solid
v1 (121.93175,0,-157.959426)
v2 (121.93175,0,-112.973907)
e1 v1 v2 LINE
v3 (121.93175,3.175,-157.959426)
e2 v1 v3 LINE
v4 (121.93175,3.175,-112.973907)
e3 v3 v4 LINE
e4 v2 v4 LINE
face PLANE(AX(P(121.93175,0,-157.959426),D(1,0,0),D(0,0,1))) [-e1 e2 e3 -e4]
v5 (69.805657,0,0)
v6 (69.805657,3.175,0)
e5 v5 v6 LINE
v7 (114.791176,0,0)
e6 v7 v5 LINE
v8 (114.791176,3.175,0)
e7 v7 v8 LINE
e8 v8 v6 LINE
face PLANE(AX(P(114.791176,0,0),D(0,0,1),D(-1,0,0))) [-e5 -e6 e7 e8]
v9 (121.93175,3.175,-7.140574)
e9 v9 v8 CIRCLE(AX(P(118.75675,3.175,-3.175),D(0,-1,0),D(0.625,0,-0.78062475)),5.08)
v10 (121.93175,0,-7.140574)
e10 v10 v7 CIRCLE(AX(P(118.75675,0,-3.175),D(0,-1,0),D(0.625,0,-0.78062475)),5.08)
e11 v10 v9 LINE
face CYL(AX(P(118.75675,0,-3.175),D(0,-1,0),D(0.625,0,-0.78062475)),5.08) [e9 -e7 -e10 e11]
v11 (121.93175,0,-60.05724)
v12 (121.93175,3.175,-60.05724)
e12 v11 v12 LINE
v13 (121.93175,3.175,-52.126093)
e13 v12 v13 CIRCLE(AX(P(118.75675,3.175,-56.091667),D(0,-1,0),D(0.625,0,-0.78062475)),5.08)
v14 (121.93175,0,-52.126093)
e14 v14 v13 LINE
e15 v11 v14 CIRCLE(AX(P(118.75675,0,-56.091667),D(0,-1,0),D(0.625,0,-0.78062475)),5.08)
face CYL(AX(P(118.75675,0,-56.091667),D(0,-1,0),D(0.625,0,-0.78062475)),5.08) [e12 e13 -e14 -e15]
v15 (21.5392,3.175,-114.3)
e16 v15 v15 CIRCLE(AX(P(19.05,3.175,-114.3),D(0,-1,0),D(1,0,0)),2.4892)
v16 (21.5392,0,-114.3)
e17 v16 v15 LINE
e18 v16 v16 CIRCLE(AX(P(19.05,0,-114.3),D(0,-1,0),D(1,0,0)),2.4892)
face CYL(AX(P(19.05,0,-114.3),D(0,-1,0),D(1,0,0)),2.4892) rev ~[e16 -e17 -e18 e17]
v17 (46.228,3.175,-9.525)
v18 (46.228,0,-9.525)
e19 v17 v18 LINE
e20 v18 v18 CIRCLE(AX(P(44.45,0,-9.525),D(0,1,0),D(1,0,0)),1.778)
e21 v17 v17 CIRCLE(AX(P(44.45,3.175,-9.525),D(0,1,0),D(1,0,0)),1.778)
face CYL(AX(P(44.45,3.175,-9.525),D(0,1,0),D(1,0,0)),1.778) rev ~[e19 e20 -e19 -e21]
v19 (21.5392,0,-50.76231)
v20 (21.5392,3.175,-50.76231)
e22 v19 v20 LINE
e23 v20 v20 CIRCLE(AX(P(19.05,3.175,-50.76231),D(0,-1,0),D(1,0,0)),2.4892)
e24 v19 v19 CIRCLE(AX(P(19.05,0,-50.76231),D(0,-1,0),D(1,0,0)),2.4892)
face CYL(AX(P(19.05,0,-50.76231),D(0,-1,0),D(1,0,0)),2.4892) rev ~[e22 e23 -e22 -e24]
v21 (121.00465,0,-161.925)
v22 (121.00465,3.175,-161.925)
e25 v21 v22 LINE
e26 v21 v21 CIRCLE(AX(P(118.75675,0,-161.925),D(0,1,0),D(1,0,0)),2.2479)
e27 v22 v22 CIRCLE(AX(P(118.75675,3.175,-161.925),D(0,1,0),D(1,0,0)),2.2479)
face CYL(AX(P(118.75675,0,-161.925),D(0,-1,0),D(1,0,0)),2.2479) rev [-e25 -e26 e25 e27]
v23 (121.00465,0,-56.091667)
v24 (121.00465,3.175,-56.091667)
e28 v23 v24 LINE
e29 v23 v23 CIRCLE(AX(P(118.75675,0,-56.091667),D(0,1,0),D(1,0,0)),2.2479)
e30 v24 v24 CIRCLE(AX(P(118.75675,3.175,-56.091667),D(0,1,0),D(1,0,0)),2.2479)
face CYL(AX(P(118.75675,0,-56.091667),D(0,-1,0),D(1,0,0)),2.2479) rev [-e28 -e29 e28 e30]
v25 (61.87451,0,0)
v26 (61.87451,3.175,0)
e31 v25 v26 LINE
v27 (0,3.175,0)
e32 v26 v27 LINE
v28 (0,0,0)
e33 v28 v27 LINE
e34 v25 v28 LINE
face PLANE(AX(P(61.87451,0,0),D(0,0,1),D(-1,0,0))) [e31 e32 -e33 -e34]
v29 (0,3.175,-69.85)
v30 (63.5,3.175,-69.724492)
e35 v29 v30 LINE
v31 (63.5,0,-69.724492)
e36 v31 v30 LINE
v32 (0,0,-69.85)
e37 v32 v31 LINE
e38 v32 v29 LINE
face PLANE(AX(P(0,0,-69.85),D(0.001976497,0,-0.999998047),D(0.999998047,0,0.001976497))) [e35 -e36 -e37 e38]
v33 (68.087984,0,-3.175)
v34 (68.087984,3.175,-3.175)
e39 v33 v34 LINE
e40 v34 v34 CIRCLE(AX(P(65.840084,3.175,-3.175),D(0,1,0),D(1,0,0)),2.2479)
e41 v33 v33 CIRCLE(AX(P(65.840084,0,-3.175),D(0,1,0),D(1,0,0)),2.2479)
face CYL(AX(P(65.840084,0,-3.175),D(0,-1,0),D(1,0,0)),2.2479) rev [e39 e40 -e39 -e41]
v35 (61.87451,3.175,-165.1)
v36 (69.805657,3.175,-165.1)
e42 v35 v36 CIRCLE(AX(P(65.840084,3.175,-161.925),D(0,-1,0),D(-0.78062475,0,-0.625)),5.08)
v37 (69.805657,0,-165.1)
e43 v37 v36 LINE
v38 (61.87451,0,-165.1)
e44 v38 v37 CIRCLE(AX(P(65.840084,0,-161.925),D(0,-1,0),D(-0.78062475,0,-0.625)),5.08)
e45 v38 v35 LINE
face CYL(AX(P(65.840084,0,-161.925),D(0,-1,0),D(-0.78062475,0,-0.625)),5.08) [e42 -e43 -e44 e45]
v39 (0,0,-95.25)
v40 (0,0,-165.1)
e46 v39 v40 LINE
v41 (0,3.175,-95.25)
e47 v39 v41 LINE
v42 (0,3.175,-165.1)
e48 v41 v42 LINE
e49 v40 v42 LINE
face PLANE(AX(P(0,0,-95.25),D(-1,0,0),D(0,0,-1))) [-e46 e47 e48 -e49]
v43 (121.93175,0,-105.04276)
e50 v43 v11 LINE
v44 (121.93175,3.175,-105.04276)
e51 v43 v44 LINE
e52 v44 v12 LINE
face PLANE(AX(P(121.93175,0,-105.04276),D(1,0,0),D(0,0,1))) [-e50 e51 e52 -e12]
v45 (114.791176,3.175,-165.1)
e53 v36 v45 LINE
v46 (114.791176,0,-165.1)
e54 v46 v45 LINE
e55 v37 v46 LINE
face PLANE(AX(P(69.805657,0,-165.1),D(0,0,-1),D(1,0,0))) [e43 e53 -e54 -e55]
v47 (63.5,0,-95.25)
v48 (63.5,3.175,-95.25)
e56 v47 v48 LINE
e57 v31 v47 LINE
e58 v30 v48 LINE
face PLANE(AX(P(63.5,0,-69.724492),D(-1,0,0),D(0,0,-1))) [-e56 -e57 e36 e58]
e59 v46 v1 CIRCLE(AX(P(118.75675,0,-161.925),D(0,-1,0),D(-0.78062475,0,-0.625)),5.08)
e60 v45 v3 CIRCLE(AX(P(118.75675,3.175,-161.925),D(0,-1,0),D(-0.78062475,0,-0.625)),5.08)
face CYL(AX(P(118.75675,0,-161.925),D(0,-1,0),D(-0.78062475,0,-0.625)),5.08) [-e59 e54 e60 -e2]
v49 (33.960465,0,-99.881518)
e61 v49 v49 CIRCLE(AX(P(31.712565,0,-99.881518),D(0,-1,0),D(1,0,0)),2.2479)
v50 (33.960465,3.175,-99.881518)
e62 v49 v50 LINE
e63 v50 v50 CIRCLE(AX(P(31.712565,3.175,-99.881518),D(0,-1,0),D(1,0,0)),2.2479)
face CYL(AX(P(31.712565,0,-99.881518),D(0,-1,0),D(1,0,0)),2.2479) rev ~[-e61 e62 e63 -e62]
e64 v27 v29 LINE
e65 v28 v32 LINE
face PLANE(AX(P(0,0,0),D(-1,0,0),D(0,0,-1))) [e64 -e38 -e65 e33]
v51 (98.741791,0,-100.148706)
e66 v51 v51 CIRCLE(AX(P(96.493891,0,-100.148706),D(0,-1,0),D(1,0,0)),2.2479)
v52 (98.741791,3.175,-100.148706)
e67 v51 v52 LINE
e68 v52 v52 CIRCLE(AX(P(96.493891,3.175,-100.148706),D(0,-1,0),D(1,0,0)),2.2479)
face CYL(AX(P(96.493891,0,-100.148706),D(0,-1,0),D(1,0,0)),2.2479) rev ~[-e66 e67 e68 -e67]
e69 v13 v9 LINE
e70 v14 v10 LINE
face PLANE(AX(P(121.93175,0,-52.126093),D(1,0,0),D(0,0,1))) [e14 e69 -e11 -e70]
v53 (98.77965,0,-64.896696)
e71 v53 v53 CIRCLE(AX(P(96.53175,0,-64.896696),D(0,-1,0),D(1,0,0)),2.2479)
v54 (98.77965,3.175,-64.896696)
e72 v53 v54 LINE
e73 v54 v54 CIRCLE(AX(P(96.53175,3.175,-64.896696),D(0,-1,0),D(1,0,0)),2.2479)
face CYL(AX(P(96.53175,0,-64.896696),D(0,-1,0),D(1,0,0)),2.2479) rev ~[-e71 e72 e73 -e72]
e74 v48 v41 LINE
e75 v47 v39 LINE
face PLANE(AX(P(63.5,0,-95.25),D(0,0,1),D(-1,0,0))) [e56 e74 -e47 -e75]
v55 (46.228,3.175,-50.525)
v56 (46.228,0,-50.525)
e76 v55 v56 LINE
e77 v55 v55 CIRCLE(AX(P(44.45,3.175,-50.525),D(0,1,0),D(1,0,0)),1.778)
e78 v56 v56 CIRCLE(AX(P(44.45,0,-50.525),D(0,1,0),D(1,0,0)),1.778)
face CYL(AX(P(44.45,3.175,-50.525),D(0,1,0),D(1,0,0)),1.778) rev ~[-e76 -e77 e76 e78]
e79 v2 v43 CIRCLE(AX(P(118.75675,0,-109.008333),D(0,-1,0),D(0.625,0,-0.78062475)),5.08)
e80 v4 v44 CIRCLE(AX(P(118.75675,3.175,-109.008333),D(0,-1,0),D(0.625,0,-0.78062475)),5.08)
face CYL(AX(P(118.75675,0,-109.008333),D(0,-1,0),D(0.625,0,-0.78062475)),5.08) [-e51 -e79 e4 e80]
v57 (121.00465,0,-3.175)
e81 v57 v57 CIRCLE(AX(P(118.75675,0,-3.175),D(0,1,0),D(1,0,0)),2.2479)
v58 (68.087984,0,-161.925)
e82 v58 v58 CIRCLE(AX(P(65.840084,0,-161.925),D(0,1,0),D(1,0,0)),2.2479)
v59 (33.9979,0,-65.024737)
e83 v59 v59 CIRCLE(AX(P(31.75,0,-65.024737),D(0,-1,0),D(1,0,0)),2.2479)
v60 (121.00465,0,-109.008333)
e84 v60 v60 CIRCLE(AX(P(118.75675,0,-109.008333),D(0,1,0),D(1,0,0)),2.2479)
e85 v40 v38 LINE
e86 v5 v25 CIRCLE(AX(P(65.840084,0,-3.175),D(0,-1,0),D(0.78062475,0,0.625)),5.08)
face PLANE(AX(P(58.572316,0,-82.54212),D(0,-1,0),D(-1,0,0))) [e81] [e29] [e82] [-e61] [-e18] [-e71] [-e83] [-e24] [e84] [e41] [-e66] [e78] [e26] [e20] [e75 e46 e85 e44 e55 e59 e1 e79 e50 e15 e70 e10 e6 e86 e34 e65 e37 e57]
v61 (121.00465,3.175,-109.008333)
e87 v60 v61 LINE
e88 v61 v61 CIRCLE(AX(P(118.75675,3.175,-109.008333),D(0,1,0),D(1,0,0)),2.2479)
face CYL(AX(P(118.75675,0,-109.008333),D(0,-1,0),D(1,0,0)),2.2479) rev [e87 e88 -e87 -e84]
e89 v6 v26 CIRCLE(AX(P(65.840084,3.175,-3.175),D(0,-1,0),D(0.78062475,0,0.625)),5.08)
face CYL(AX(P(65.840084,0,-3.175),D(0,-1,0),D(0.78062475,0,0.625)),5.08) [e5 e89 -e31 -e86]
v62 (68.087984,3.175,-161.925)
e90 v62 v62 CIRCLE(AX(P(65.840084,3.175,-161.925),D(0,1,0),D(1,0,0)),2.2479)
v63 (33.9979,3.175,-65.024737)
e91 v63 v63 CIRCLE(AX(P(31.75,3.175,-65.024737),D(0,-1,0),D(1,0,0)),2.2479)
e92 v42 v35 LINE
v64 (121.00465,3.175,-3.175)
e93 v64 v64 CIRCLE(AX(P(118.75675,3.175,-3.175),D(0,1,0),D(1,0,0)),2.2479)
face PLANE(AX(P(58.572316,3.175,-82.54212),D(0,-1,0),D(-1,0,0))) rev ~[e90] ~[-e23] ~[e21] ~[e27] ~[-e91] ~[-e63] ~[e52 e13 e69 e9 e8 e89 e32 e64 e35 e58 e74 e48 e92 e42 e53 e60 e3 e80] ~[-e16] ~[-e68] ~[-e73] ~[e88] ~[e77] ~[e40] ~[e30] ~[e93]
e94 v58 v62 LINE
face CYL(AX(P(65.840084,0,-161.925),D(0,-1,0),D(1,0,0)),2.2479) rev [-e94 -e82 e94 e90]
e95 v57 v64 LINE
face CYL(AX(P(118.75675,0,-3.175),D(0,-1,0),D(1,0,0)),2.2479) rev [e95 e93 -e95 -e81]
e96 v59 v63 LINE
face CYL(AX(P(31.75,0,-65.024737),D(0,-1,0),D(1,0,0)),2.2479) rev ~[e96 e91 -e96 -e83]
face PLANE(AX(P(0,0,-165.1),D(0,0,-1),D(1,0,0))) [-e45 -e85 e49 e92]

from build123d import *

# Parameters (mm, degrees)
SKETCH1_R           = 2.2479
BOSS_EXTRUDE1_DEPTH = 3.175
SKETCH2_R           = 2.4892
SKETCH2_R_2         = 2.2479
CUT_EXTRUDE1_DEPTH  = 4.175
SKETCH3_R           = 1.778
CUT_EXTRUDE2_DEPTH  = 4.175


with BuildPart() as part:
    # Sketch1 → Boss-Extrude1 (new body)
    with BuildSketch(Plane(origin=(0, 0, 0), x_dir=(1, 0, 0), z_dir=(0, 1, 0))):
        with BuildLine():
            Line((0, 165.1), (61.874509804, 165.1))
            ThreePointArc((61.874509804, 165.1), (65.840083533, 167.005), (69.805657262, 165.1))
            Line((69.805657262, 165.1), (114.791176471, 165.1))
            ThreePointArc((114.791176471, 165.1), (122.348852648, 165.517102448), (121.9317502, 157.959426271))
            Line((121.9317502, 157.959426271), (121.9317502, 112.973907062))
            ThreePointArc((121.9317502, 112.973907062), (123.8367502, 109.008333333), (121.9317502, 105.042759604))
            Line((121.9317502, 105.042759604), (121.9317502, 60.057240396))
            ThreePointArc((121.9317502, 60.057240396), (123.8367502, 56.091666667), (121.9317502, 52.126092938))
            Line((121.9317502, 52.126092938), (121.9317502, 7.140573729))
            ThreePointArc((121.9317502, 7.140573729), (122.348852648, -0.417102448), (114.791176471, 0))
            Line((114.791176471, 0), (69.805657262, 0))
            ThreePointArc((69.805657262, 0), (65.840083533, -1.905), (61.874509804, 0))
            Line((61.874509804, 0), (0, 0))
            Line((0, 0), (0, 69.85))
            Line((0, 69.85), (63.5, 69.72449217))
            Line((63.5, 69.72449217), (63.5, 95.25))
            Line((63.5, 95.25), (0, 95.25))
            Line((0, 95.25), (0, 165.1))
        make_face()
        with Locations((65.840083533, 3.175)):
            Circle(SKETCH1_R, mode=Mode.SUBTRACT)
        with Locations((118.7567502, 3.175)):
            Circle(SKETCH1_R, mode=Mode.SUBTRACT)
        with Locations((118.7567502, 56.091666667)):
            Circle(SKETCH1_R, mode=Mode.SUBTRACT)
        with Locations((118.7567502, 109.008333333)):
            Circle(SKETCH1_R, mode=Mode.SUBTRACT)
        with Locations((118.7567502, 161.925)):
            Circle(SKETCH1_R, mode=Mode.SUBTRACT)
        with Locations((65.840083533, 161.925)):
            Circle(SKETCH1_R, mode=Mode.SUBTRACT)
    extrude(amount=BOSS_EXTRUDE1_DEPTH)

    # Sketch2 → Cut-Extrude1 (cut, through all)
    with BuildSketch(Plane.XZ):
        with Locations((19.05, -50.762310441)):
            Circle(SKETCH2_R)
        with Locations((19.05, -114.3)):
            Circle(SKETCH2_R)
        with Locations((31.75, -65.024736783)):
            Circle(SKETCH2_R_2)
        with Locations((96.5317502, -64.896695572)):
            Circle(SKETCH2_R_2)
        with Locations((96.493890617, -100.14870612)):
            Circle(SKETCH2_R_2)
        with Locations((31.712564881, -99.881518123)):
            Circle(SKETCH2_R_2)
    extrude(amount=-CUT_EXTRUDE1_DEPTH, mode=Mode.SUBTRACT)

    # Sketch3 → Cut-Extrude2 (cut, through all)
    with BuildSketch(Plane(origin=(0, 3.175, 0), x_dir=(1, 0, 0), z_dir=(0, 1, 0))):
        with Locations((44.45, 9.525)):
            Circle(SKETCH3_R)
        with Locations((44.45, 50.525)):
            Circle(SKETCH3_R)
    extrude(amount=-CUT_EXTRUDE2_DEPTH, mode=Mode.SUBTRACT)


solid = part.part
